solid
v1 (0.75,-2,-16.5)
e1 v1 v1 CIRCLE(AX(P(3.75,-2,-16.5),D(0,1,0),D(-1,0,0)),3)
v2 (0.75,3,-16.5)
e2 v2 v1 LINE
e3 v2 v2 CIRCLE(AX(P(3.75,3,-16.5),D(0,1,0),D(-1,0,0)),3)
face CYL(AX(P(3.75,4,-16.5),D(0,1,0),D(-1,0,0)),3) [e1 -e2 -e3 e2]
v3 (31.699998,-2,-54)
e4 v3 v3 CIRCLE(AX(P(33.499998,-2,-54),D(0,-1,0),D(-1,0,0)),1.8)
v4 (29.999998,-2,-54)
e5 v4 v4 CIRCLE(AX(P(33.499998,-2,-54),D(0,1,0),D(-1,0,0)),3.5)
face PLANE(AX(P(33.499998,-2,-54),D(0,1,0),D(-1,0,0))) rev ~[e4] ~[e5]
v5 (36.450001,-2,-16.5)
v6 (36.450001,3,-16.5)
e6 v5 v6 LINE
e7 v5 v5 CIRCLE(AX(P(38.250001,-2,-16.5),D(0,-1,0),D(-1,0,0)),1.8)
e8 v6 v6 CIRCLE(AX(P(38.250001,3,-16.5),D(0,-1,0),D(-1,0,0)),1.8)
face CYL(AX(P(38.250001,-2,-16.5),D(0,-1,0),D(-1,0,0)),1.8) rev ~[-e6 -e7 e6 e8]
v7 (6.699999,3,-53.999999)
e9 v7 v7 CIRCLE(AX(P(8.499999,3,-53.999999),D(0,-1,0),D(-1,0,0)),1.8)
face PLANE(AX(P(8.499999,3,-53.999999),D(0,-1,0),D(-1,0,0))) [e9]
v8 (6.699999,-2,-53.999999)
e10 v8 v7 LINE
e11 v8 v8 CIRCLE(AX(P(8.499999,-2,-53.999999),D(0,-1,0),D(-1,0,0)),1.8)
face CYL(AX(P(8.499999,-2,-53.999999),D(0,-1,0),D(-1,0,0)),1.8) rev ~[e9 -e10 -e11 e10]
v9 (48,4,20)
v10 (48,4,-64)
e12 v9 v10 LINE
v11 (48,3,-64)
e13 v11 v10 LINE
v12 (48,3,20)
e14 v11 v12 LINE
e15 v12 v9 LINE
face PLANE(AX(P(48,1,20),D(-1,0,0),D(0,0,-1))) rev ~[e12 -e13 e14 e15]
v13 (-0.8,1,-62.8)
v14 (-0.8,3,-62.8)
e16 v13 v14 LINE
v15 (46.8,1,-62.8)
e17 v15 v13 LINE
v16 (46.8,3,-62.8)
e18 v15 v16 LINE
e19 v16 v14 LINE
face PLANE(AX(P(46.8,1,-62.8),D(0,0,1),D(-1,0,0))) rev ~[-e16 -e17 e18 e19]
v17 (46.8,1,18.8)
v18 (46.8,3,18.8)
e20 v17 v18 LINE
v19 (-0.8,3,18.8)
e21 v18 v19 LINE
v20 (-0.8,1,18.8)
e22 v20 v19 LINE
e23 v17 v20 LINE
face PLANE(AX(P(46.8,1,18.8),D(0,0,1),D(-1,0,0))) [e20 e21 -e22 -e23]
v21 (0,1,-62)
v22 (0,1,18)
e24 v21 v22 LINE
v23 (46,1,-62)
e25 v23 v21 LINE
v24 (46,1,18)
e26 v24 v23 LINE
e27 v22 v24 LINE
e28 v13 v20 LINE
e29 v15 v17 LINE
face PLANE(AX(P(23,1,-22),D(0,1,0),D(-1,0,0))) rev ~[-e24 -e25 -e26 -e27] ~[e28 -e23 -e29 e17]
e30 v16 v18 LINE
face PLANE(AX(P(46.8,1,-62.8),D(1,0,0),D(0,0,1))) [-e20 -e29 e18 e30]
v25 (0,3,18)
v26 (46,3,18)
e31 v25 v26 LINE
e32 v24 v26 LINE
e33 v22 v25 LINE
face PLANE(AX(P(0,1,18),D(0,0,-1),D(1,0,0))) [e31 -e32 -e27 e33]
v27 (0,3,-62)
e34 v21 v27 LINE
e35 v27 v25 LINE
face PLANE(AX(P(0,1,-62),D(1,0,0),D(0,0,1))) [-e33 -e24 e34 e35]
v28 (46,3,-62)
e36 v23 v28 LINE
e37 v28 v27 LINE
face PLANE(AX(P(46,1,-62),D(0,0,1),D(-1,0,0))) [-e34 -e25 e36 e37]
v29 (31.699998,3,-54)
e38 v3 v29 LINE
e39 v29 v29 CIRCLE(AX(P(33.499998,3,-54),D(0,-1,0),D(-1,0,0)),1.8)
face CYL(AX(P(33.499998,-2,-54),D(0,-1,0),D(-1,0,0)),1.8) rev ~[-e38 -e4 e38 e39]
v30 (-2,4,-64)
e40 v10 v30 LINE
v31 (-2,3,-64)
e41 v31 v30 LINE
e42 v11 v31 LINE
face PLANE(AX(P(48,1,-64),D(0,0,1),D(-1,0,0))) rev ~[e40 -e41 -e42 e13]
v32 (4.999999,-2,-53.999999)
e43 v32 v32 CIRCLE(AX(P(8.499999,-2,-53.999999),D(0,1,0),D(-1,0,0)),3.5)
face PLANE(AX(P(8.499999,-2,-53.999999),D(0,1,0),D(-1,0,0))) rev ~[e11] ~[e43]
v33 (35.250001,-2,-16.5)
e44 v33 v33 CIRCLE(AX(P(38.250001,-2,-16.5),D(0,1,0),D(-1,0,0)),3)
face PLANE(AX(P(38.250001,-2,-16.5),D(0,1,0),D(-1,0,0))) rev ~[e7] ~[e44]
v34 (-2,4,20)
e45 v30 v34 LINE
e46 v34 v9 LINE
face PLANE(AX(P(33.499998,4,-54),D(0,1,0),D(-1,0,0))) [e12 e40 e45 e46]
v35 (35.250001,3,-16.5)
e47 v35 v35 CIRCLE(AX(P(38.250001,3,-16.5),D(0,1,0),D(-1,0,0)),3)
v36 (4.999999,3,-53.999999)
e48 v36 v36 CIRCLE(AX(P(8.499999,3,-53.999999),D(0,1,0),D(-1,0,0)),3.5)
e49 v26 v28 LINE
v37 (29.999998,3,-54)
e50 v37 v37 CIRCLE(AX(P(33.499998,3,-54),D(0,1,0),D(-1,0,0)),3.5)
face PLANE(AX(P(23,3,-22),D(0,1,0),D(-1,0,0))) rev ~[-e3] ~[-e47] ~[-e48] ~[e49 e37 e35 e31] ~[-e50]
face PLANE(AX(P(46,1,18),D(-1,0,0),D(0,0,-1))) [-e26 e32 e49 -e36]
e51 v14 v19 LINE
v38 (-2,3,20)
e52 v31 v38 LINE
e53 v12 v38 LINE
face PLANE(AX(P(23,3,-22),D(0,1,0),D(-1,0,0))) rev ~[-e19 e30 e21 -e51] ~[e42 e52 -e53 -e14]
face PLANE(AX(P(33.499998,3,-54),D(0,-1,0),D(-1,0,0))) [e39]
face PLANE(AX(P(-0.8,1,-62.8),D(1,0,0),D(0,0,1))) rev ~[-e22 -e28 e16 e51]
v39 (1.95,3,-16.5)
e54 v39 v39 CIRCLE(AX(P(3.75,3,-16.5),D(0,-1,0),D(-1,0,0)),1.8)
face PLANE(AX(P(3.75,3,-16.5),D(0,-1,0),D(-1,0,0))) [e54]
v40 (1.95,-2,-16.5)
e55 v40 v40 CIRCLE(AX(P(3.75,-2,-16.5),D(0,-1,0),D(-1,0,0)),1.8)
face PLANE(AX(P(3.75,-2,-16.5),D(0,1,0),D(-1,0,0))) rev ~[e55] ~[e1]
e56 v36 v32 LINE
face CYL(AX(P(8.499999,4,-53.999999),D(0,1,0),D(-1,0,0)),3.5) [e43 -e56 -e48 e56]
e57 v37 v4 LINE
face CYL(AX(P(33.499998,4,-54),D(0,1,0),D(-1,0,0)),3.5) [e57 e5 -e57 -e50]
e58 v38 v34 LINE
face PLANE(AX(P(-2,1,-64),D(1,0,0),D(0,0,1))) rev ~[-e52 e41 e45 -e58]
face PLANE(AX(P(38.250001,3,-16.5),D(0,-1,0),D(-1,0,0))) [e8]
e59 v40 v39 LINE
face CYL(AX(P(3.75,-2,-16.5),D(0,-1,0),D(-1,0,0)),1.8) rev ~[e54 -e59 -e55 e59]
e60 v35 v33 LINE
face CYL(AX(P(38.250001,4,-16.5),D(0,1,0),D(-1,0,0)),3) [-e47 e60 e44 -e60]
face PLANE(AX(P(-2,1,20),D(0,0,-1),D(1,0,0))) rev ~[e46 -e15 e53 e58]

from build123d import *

# Parameters (mm, degrees)
PAD_DEPTH       = 3
POCKET_DEPTH    = 2
SKETCH004_W     = 50
SKETCH004_H     = 84
SKETCH004_W_2   = 47.6
SKETCH004_H_2   = 81.6
POCKET001_DEPTH = 2
SKETCH005_R     = 3.5
SKETCH005_R_2   = 3
PAD001_DEPTH    = 6
SKETCH_R        = 1.8
POCKET002_DEPTH = 5


with BuildPart() as part:
    # Sketch002 → Pad (new body)
    with BuildSketch(Plane(origin=(0, 1, 0), x_dir=(-1, 0, 0), z_dir=(0, 1, 0))):
        Polygon((-44, -64), (2, -64), (2, 20), (-44, 20), (-48, 20), (-48, -64), align=None)
    extrude(amount=PAD_DEPTH)

    # Sketch003 → Pocket (cut)
    with BuildSketch(Plane(origin=(0, 1, 0), x_dir=(-1, 0, 0), z_dir=(0, 1, 0))):
        Polygon((-42, -62), (0, -62), (0, 18), (-42, 18), (-46, 18), (-46, -62), align=None)
    extrude(amount=POCKET_DEPTH, mode=Mode.SUBTRACT)

    # Sketch004 → Pocket001 (cut)
    with BuildSketch(Plane(origin=(0, 1, 0), x_dir=(-1, 0, 0), z_dir=(0, 1, 0))):
        with Locations((-23, -22)):
            Rectangle(SKETCH004_W, SKETCH004_H)
        with Locations((-23, -22)):
            Rectangle(SKETCH004_W_2, SKETCH004_H_2, mode=Mode.SUBTRACT)
    extrude(amount=POCKET001_DEPTH, mode=Mode.SUBTRACT)

    # Sketch005 (on Face4 of Pocket001) → Pad001 (join)
    with BuildSketch(Plane(origin=(0, 4, 0), x_dir=(-1, 0, 0), z_dir=(0, 1, 0))):
        with Locations((-33.499998, -54)):
            Circle(SKETCH005_R)
        with Locations((-8.499999, -53.999999)):
            Circle(SKETCH005_R)
        with Locations((-38.250001, -16.5)):
            Circle(SKETCH005_R_2)
        with Locations((-3.75, -16.5)):
            Circle(SKETCH005_R_2)
    extrude(amount=-PAD001_DEPTH)

    # Sketch (on Face30 of Pad001) → Pocket002 (cut)
    with BuildSketch(Plane(origin=(0, -2, 0), x_dir=(-1, 0, 0), z_dir=(0, -1, 0))):
        with Locations((-33.499998, 54)):
            Circle(SKETCH_R)
        with Locations((-8.499999, 53.999999)):
            Circle(SKETCH_R)
        with Locations((-38.250001, 16.5)):
            Circle(SKETCH_R)
        with Locations((-3.75, 16.5)):
            Circle(SKETCH_R)
    extrude(amount=-POCKET002_DEPTH, mode=Mode.SUBTRACT)


solid = part.part
